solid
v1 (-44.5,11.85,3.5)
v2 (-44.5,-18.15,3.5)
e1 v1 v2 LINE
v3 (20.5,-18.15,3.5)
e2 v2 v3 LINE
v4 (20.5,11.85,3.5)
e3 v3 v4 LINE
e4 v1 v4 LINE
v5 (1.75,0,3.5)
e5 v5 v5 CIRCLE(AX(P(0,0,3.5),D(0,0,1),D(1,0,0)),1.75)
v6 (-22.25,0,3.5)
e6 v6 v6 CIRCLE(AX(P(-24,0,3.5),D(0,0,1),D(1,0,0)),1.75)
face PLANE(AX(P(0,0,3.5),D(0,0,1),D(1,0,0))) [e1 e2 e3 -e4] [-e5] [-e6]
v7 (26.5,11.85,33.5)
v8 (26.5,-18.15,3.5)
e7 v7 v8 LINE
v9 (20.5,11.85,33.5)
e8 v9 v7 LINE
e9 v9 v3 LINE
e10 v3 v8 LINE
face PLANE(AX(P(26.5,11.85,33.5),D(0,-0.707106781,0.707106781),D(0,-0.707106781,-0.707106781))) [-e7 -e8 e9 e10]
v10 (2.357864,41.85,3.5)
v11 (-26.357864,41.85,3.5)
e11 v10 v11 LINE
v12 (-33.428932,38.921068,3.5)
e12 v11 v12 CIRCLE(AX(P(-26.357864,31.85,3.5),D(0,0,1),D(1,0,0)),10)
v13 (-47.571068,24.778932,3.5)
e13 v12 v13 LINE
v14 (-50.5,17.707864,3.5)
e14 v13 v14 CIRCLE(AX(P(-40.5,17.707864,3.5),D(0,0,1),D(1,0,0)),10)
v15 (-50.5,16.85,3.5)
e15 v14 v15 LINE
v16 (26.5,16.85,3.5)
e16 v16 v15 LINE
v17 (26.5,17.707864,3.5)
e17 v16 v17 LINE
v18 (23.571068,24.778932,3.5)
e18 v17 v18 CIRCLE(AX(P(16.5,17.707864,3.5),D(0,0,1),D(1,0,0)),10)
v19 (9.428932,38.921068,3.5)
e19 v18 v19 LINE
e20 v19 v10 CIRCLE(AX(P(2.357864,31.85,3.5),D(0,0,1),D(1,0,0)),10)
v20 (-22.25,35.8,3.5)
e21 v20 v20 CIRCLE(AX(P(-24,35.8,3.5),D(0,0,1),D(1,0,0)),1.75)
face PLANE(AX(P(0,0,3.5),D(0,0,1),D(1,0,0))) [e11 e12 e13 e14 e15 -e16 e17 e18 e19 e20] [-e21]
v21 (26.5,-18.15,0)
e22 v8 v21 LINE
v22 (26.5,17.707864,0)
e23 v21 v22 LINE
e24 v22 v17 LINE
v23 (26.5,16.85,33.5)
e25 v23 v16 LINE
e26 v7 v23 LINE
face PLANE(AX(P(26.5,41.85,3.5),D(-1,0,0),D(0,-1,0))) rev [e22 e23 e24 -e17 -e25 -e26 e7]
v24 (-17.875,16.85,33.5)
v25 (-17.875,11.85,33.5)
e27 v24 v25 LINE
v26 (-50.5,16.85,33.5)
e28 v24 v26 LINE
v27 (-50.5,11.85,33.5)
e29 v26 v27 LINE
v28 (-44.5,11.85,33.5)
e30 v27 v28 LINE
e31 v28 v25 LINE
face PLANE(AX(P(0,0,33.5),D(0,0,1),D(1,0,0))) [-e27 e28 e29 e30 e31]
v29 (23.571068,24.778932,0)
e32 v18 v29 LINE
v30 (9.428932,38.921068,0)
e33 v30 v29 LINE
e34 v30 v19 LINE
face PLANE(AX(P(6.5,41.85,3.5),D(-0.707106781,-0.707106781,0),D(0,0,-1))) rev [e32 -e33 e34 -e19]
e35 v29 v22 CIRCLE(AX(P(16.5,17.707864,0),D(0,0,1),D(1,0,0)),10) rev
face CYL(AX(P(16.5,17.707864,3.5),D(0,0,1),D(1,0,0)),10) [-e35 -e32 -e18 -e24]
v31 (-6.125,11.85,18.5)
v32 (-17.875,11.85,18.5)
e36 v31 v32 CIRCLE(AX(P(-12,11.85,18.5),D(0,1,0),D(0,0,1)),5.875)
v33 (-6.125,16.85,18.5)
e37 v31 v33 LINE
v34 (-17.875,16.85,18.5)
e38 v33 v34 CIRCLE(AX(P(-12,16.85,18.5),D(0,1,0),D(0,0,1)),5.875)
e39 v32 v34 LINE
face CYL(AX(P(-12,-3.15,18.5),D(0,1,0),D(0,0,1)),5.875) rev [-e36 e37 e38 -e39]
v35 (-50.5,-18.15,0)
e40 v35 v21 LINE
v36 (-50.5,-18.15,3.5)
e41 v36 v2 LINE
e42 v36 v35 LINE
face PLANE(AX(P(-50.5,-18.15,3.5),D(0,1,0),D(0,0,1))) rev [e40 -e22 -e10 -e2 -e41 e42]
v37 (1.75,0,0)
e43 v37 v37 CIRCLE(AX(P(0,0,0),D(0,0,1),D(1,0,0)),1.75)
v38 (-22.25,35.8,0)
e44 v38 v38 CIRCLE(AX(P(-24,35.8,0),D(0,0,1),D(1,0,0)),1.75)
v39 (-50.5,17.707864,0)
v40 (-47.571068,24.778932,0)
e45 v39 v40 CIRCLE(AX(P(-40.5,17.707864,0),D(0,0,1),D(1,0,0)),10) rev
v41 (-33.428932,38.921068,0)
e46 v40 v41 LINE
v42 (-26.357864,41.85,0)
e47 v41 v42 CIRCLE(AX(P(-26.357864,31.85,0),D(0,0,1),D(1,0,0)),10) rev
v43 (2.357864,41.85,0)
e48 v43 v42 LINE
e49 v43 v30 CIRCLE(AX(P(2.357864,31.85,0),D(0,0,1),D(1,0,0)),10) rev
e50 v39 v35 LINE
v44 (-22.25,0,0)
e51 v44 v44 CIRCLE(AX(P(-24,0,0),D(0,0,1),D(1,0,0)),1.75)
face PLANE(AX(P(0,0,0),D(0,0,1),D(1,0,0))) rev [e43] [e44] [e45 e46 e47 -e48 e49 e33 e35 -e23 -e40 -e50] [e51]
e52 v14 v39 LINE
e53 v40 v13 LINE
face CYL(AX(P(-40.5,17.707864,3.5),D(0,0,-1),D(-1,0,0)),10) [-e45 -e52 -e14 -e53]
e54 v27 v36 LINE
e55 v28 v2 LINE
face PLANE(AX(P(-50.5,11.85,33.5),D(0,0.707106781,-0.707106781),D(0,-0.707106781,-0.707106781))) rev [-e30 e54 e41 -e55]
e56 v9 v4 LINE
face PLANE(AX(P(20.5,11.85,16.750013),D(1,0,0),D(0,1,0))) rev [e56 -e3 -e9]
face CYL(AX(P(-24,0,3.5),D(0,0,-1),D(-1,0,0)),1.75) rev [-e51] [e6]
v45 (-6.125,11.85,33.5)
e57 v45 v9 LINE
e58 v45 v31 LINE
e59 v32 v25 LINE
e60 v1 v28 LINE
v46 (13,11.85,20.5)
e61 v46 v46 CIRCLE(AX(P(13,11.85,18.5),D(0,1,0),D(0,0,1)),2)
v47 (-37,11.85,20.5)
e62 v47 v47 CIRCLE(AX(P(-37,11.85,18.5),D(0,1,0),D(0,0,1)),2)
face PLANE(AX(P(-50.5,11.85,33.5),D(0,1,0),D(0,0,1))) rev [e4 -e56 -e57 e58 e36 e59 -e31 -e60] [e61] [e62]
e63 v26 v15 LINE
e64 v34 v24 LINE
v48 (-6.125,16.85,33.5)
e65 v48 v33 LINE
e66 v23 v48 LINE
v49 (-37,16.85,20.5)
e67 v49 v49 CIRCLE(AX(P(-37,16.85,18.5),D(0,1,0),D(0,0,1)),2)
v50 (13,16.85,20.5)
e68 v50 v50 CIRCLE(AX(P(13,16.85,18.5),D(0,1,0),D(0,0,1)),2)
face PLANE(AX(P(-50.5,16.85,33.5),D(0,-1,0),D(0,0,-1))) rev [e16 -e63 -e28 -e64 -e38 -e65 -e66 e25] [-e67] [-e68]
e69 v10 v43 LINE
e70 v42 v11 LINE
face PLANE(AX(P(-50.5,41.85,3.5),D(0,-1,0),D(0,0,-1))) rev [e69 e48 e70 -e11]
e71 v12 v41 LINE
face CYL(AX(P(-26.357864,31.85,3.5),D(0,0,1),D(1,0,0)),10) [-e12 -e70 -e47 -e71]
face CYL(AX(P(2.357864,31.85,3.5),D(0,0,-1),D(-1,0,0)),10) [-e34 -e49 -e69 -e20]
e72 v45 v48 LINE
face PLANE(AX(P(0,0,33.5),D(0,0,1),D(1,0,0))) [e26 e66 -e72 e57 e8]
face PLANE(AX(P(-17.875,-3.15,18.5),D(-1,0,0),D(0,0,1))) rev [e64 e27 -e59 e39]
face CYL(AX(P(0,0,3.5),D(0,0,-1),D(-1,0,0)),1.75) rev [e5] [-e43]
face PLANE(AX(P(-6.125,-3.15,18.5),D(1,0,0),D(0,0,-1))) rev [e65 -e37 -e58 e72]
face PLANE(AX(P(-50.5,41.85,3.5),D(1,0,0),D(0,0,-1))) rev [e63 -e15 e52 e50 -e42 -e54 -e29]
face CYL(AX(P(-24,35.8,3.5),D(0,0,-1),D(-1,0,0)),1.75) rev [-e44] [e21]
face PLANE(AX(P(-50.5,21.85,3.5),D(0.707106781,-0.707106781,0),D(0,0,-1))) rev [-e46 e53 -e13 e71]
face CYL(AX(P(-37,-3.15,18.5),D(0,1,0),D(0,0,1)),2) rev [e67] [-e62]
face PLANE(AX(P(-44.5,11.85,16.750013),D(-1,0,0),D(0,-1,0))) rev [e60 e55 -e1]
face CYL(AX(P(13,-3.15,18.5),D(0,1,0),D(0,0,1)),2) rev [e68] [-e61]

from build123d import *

# Parameters (mm, degrees)
SKETCH1_W           = 77
SKETCH1_H           = 60
SKETCH1_R           = 1.75
BOSS_EXTRUDE1_DEPTH = 3.5
SKETCH2_W           = 77
SKETCH2_H           = 5
BOSS_EXTRUDE2_DEPTH = 30
CUT_EXTRUDE1_DEPTH  = 20
SKETCH4_R           = 2
CUT_EXTRUDE2_DEPTH  = 20
RIB2_REACH          = 95.823
SKETCH5_WALL_W      = 232.071524048
SKETCH5_WALL_H      = 6
CHAMFER1_SIZE       = 20
FILLET1_R           = 10


with BuildPart() as part:
    # Sketch1 → Boss-Extrude1 (new body)
    with BuildSketch(Plane.XY):
        with Locations((-12, 11.85)):
            Rectangle(SKETCH1_W, SKETCH1_H)
        with Locations((-24, 35.8)):
            Circle(SKETCH1_R, mode=Mode.SUBTRACT)
        with Locations((-24, 0)):
            Circle(SKETCH1_R, mode=Mode.SUBTRACT)
        Circle(SKETCH1_R, mode=Mode.SUBTRACT)
    extrude(amount=BOSS_EXTRUDE1_DEPTH)

    # Sketch2 → Boss-Extrude2 (add)
    with BuildSketch(Plane.XY.offset(3.5)):
        with Locations((-12, 14.35)):
            Rectangle(SKETCH2_W, SKETCH2_H)
    extrude(amount=BOSS_EXTRUDE2_DEPTH)

    # Sketch3 → Cut-Extrude1 (cut)
    with BuildSketch(Plane(origin=(0, 16.85, 0), x_dir=(1, 0, 0), z_dir=(0, 1, 0))):
        with BuildLine():
            Line((-17.875, -18.5), (-17.875, -33.5))
            Line((-17.875, -33.5), (-6.125, -33.5))
            Line((-6.125, -33.5), (-6.125, -18.5))
            ThreePointArc((-6.125, -18.5), (-12, -12.625), (-17.875, -18.5))
        make_face()
    extrude(amount=-CUT_EXTRUDE1_DEPTH, mode=Mode.SUBTRACT)

    # Sketch4 → Cut-Extrude2 (cut)
    with BuildSketch(Plane(origin=(0, 16.85, 0), x_dir=(1, 0, 0), z_dir=(0, 1, 0))):
        with Locations(Location((13, -18.5, 0), (0, 0, 270))):
            Circle(SKETCH4_R)
        with Locations(Location((-37, -18.5, 0), (0, 0, 270))):
            Circle(SKETCH4_R)
    extrude(amount=-CUT_EXTRUDE2_DEPTH, mode=Mode.SUBTRACT)

    # Sketch5 wall → Rib2 (add, up to next)
    with BuildSketch(Plane(origin=(26.5, -3.15, 18.5), x_dir=(0, -0.707106781187, -0.707106781187), z_dir=(0, 0.707106781187, -0.707106781187)), mode=Mode.PRIVATE) as rib2_sk1:
        with Locations((0, 3)):
            Rectangle(SKETCH5_WALL_W, SKETCH5_WALL_H)
    rib2_tool1 = extrude(rib2_sk1.sketch, amount=RIB2_REACH, mode=Mode.PRIVATE) - part.part
    rib2 = rib2_tool1.solids().sort_by_distance((26.5, -3.15, 18.5))[0]
    add(rib2)

    # Mirror1: Rib2 across plane
    add(rib2.mirror(Plane(origin=(-12, 0, 0), x_dir=(0, 0, 1), z_dir=(1, 0, 0))))

    # Chamfer1
    chamfer1_edges = [part.edges().sort_by_distance(p)[0] for p in [
        (-50.5, 41.85, 1.75),
        (26.5, 41.85, 1.75),
    ]]
    chamfer(chamfer1_edges, length=CHAMFER1_SIZE)

    # Fillet1
    fillet1_edges = [part.edges().sort_by_distance(p)[0] for p in [
        (-50.5, 21.85, 1.75),
        (-30.5, 41.85, 1.75),
        (26.5, 21.85, 1.75),
        (6.5, 41.85, 1.75),
    ]]
    fillet(fillet1_edges, radius=FILLET1_R)


solid = part.part
